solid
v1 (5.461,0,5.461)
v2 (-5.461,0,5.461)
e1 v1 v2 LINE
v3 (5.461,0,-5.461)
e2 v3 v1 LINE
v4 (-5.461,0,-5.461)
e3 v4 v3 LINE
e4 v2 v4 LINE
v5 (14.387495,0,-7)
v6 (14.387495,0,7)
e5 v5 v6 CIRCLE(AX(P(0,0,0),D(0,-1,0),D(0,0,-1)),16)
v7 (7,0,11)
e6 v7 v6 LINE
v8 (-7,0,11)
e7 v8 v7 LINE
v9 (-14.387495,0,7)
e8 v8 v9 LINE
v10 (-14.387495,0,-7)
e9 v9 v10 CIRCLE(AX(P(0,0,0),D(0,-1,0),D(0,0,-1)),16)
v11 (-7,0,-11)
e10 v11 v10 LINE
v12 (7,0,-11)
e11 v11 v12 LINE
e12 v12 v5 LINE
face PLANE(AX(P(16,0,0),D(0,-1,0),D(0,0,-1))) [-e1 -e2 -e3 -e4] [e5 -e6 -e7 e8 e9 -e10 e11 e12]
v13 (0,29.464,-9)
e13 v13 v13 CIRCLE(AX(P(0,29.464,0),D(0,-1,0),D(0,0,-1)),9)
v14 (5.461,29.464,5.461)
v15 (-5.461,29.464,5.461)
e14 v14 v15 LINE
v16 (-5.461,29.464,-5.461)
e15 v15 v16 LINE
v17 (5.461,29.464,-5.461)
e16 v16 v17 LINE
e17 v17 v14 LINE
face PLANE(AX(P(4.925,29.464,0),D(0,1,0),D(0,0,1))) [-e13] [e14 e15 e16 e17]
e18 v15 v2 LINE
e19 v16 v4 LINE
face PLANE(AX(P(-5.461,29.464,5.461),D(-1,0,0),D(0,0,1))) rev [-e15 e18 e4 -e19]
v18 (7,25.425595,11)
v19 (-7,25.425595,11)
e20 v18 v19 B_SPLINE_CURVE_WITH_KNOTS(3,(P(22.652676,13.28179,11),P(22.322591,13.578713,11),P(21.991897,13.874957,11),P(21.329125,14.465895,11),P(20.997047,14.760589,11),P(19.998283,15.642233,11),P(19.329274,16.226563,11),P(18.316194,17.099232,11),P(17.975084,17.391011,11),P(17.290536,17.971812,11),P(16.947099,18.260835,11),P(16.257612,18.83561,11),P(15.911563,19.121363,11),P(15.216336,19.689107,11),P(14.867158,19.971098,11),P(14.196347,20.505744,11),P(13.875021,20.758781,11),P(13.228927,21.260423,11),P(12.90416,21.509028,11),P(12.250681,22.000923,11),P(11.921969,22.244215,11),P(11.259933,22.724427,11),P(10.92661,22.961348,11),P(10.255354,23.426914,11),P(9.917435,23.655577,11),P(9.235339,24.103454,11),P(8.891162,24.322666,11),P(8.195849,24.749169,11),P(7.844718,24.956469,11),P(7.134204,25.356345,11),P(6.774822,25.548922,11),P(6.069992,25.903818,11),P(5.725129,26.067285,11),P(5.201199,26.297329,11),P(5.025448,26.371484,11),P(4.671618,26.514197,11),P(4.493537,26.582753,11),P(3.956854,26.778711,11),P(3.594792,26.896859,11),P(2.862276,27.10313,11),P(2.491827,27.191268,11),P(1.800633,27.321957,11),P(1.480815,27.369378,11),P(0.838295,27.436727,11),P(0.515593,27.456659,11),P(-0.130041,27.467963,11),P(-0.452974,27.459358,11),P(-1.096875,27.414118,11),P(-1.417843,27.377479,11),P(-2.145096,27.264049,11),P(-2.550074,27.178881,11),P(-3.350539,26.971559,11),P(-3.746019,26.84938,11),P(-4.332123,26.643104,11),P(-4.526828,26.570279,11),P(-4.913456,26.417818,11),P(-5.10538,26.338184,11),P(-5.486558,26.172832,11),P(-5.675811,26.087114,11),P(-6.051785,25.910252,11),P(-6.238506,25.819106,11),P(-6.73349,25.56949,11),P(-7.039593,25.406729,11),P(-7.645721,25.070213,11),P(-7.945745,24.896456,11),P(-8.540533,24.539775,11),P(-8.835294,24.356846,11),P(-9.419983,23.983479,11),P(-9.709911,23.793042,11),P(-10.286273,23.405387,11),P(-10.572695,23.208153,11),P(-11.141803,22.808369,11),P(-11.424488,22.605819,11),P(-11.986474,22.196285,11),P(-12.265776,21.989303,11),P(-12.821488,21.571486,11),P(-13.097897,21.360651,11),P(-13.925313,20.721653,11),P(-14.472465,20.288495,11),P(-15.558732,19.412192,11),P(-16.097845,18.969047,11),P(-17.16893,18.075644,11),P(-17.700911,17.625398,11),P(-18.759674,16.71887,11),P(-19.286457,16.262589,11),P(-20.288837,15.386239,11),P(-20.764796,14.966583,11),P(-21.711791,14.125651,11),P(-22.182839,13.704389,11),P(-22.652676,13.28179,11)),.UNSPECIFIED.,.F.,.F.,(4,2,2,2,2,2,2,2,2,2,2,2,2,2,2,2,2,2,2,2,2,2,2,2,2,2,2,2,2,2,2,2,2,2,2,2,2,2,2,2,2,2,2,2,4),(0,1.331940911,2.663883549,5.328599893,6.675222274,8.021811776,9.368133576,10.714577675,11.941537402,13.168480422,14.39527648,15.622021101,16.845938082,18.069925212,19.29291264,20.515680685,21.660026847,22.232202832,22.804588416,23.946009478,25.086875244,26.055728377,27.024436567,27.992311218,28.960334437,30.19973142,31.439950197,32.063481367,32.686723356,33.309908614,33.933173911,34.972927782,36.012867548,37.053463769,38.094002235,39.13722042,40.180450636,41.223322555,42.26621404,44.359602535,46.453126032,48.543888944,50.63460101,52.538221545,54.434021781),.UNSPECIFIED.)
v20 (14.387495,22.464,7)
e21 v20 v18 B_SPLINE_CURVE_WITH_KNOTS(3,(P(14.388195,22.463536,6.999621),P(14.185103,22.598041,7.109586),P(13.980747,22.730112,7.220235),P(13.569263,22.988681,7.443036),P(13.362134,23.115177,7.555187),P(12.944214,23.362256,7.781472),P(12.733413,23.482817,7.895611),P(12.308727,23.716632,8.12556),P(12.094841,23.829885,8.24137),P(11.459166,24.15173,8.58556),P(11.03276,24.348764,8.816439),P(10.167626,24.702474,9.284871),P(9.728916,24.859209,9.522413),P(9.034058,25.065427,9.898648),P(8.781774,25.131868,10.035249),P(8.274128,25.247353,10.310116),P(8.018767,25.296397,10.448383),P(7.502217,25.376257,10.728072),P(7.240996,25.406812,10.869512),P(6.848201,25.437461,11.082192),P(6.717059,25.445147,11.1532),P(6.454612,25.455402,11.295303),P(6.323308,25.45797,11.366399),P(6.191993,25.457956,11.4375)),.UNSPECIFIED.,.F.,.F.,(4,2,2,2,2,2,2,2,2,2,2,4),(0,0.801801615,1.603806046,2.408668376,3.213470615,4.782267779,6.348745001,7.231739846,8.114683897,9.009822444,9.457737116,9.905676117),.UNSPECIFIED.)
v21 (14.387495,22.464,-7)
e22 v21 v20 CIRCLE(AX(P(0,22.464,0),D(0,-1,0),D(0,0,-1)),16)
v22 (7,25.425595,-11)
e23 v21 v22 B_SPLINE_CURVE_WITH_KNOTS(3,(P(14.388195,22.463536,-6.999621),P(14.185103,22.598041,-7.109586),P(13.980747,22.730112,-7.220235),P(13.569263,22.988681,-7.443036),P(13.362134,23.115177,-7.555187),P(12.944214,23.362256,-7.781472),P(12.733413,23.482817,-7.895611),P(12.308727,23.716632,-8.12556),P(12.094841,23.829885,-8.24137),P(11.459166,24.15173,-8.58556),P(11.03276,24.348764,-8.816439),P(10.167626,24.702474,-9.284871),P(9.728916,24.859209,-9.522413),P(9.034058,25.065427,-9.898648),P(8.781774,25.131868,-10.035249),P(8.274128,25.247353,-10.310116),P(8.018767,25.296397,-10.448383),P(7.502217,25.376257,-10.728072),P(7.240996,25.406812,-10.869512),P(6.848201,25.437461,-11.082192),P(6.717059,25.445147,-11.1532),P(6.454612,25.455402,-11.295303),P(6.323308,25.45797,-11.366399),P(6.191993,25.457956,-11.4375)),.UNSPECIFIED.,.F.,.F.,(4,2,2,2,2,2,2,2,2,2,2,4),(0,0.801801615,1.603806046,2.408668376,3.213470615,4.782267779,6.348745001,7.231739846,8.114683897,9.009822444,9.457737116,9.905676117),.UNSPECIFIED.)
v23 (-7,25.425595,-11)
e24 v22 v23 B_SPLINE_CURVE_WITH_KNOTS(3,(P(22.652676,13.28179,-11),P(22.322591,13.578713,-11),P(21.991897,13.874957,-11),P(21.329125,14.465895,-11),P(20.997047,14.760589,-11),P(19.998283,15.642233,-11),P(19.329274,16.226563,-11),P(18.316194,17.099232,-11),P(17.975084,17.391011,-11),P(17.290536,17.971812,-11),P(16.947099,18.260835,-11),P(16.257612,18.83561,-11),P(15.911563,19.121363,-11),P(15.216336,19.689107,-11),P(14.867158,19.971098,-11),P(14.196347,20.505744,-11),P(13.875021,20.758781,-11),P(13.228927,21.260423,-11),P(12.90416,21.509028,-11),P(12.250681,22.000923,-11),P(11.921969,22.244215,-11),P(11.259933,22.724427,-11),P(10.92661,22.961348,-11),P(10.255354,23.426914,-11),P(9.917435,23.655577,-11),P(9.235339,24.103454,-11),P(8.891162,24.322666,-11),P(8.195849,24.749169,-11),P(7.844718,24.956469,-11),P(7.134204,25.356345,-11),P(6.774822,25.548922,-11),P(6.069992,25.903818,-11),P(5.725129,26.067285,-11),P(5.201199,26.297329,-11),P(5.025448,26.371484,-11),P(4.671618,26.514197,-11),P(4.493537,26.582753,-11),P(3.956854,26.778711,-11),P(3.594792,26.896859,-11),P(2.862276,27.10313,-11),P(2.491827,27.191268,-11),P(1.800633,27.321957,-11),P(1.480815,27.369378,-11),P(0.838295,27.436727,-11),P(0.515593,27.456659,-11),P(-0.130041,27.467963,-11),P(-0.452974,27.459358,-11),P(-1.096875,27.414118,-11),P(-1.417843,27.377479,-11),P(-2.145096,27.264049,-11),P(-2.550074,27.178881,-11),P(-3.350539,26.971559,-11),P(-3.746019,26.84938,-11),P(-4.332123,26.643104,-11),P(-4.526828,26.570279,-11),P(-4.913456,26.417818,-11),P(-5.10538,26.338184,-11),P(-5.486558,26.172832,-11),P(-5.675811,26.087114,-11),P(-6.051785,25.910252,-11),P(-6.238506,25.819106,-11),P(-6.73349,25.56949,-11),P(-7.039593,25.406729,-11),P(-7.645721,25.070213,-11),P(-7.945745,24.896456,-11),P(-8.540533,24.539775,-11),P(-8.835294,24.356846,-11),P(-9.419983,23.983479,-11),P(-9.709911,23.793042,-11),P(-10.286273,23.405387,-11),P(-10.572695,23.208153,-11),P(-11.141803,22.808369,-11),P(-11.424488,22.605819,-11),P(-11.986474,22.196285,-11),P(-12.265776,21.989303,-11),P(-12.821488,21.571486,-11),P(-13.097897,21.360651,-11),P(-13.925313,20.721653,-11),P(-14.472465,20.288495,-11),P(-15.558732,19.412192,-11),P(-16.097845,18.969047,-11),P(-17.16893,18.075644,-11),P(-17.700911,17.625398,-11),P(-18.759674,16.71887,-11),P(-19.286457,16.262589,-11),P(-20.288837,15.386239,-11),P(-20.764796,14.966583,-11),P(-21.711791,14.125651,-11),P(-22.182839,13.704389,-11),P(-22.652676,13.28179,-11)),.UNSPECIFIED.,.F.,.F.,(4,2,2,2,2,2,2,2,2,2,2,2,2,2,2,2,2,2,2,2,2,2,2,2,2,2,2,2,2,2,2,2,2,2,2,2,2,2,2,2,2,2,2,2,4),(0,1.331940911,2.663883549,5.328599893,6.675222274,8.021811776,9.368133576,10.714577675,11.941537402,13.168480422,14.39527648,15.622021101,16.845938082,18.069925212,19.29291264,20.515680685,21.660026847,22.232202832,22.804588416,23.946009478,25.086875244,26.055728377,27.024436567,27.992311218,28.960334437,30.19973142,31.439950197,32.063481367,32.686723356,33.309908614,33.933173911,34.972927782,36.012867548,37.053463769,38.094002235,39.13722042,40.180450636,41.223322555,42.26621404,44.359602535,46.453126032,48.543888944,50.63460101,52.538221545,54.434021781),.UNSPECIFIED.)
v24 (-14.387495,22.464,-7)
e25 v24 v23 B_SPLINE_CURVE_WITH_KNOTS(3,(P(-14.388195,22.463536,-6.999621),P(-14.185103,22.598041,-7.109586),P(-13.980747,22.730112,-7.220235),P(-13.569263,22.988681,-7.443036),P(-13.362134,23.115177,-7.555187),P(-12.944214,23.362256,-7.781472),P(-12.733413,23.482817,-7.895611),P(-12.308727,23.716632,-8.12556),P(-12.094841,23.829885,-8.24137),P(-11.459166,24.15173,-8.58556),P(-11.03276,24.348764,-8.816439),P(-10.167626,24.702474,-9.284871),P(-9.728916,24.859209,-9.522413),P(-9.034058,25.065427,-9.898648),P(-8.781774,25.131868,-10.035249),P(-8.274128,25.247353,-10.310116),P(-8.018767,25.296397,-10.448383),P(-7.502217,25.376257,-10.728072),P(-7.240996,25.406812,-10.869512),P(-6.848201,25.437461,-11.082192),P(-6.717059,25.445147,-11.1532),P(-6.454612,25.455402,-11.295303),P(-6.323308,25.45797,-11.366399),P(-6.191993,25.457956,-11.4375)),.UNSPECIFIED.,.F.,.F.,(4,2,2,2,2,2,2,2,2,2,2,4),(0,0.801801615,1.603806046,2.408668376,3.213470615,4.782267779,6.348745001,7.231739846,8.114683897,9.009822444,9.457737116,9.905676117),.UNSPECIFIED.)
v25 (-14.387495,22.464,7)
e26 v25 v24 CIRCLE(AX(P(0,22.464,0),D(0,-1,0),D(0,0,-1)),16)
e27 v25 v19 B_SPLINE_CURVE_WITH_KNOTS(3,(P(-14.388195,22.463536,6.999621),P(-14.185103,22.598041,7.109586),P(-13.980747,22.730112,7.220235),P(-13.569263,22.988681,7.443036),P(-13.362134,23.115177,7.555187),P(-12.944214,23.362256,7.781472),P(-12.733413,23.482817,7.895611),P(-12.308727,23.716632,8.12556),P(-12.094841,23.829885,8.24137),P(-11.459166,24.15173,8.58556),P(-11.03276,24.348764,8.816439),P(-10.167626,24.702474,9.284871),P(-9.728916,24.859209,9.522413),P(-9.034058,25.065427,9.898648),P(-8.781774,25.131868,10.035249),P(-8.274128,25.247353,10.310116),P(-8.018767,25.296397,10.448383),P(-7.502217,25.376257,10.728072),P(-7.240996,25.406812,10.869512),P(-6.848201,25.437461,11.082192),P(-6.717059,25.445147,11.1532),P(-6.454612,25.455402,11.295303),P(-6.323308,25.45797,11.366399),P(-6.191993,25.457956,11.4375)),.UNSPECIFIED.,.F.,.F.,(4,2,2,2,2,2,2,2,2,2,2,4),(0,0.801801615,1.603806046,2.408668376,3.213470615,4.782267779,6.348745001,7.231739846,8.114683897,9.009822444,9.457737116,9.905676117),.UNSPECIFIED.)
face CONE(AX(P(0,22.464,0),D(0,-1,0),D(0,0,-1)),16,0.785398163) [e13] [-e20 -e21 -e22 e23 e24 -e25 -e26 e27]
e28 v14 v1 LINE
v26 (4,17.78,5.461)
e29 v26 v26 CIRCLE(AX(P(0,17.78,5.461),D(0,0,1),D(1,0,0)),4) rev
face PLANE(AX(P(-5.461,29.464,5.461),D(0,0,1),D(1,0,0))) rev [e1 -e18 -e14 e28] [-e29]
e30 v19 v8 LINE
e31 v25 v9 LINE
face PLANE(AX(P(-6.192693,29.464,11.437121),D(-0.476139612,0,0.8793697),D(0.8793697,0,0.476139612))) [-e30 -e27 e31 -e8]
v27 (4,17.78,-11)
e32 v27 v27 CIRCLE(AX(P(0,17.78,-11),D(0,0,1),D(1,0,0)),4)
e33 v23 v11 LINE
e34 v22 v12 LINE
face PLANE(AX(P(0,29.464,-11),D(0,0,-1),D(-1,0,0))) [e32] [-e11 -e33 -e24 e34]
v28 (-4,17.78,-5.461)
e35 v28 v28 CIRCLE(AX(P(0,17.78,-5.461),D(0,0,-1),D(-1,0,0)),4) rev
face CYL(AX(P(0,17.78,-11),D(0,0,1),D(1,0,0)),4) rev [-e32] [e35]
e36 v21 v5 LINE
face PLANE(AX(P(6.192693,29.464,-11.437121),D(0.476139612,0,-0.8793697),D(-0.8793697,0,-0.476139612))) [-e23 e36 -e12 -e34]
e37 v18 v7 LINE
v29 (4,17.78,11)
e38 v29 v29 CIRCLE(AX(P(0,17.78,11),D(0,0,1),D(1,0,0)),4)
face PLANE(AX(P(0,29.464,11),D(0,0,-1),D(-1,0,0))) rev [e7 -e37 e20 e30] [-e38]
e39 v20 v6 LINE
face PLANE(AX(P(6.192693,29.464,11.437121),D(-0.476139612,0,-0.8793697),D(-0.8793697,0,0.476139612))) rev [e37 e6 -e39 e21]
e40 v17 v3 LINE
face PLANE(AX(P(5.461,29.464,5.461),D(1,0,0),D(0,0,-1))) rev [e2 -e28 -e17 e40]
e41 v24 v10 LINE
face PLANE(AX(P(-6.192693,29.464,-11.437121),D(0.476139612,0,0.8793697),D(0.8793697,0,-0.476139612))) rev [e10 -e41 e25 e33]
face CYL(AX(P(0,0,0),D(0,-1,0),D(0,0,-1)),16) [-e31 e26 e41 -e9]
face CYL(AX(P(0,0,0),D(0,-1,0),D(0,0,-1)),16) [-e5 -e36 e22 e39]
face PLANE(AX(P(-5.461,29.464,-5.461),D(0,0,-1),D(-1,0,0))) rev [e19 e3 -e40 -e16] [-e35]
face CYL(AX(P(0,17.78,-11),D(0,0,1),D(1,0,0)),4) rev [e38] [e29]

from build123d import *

# Parameters (mm, degrees)
CUT_EXTRUDE4_DEPTH      = 38.150064549
CUT_EXTRUDE5_DEPTH      = 36.286361331
CUT_EXTRUDE5_DEPTH_BACK = 36.286361331
SKETCH3_R               = 4
SKETCH4_W               = 10.922
SKETCH4_H               = 10.922
CUT_EXTRUDE6_DEPTH      = 36.286361446


with BuildPart() as part:
    # Sketch1 → Revolve1 (revolve)
    with BuildSketch(Plane.XY, mode=Mode.PRIVATE) as revolve1_sk:
        Polygon((9, 29.464), (16, 22.464), (16, 0), (4.925, 0), (4.925, 29.464), align=None)
    revolve(revolve1_sk.sketch.rotate(Axis((0, 0, 0), (0, 1, 0)), 90), axis=Axis((0, 0, 0), (0, 1, 0)))

    # Sketch2 → Cut-Extrude4 (cut, through all)
    with BuildSketch(Plane(origin=(0, 0, 0), x_dir=(1, 0, 0), z_dir=(0, 1, 0))):
        with BuildLine():
            Line((7, 11), (14.38749457, 7))
            ThreePointArc((14.38749457, 7), (0, 16), (-14.38749457, 7))
            Line((-14.38749457, 7), (-7, 11))
            Line((-7, 11), (7, 11))
        make_face()
        with BuildLine():
            ThreePointArc((14.38749457, -7), (0, -16), (-14.38749457, -7))
            Line((-14.38749457, -7), (-7, -11))
            Line((-7, -11), (7, -11))
            Line((7, -11), (14.38749457, -7))
        make_face()
    extrude(amount=CUT_EXTRUDE4_DEPTH, mode=Mode.SUBTRACT)

    # Sketch3 → Cut-Extrude5 (cut, two sides: drawn at the far end of the back side and taken through both)
    with BuildSketch(Plane.XY.offset(-CUT_EXTRUDE5_DEPTH_BACK)):
        with Locations((0, 17.78)):
            Circle(SKETCH3_R)
    extrude(amount=CUT_EXTRUDE5_DEPTH + CUT_EXTRUDE5_DEPTH_BACK, mode=Mode.SUBTRACT)

    # Sketch4 → Cut-Extrude6 (cut, through all)
    with BuildSketch(Plane.XZ):
        Rectangle(SKETCH4_W, SKETCH4_H)
    extrude(amount=-CUT_EXTRUDE6_DEPTH, mode=Mode.SUBTRACT)


solid = part.part
